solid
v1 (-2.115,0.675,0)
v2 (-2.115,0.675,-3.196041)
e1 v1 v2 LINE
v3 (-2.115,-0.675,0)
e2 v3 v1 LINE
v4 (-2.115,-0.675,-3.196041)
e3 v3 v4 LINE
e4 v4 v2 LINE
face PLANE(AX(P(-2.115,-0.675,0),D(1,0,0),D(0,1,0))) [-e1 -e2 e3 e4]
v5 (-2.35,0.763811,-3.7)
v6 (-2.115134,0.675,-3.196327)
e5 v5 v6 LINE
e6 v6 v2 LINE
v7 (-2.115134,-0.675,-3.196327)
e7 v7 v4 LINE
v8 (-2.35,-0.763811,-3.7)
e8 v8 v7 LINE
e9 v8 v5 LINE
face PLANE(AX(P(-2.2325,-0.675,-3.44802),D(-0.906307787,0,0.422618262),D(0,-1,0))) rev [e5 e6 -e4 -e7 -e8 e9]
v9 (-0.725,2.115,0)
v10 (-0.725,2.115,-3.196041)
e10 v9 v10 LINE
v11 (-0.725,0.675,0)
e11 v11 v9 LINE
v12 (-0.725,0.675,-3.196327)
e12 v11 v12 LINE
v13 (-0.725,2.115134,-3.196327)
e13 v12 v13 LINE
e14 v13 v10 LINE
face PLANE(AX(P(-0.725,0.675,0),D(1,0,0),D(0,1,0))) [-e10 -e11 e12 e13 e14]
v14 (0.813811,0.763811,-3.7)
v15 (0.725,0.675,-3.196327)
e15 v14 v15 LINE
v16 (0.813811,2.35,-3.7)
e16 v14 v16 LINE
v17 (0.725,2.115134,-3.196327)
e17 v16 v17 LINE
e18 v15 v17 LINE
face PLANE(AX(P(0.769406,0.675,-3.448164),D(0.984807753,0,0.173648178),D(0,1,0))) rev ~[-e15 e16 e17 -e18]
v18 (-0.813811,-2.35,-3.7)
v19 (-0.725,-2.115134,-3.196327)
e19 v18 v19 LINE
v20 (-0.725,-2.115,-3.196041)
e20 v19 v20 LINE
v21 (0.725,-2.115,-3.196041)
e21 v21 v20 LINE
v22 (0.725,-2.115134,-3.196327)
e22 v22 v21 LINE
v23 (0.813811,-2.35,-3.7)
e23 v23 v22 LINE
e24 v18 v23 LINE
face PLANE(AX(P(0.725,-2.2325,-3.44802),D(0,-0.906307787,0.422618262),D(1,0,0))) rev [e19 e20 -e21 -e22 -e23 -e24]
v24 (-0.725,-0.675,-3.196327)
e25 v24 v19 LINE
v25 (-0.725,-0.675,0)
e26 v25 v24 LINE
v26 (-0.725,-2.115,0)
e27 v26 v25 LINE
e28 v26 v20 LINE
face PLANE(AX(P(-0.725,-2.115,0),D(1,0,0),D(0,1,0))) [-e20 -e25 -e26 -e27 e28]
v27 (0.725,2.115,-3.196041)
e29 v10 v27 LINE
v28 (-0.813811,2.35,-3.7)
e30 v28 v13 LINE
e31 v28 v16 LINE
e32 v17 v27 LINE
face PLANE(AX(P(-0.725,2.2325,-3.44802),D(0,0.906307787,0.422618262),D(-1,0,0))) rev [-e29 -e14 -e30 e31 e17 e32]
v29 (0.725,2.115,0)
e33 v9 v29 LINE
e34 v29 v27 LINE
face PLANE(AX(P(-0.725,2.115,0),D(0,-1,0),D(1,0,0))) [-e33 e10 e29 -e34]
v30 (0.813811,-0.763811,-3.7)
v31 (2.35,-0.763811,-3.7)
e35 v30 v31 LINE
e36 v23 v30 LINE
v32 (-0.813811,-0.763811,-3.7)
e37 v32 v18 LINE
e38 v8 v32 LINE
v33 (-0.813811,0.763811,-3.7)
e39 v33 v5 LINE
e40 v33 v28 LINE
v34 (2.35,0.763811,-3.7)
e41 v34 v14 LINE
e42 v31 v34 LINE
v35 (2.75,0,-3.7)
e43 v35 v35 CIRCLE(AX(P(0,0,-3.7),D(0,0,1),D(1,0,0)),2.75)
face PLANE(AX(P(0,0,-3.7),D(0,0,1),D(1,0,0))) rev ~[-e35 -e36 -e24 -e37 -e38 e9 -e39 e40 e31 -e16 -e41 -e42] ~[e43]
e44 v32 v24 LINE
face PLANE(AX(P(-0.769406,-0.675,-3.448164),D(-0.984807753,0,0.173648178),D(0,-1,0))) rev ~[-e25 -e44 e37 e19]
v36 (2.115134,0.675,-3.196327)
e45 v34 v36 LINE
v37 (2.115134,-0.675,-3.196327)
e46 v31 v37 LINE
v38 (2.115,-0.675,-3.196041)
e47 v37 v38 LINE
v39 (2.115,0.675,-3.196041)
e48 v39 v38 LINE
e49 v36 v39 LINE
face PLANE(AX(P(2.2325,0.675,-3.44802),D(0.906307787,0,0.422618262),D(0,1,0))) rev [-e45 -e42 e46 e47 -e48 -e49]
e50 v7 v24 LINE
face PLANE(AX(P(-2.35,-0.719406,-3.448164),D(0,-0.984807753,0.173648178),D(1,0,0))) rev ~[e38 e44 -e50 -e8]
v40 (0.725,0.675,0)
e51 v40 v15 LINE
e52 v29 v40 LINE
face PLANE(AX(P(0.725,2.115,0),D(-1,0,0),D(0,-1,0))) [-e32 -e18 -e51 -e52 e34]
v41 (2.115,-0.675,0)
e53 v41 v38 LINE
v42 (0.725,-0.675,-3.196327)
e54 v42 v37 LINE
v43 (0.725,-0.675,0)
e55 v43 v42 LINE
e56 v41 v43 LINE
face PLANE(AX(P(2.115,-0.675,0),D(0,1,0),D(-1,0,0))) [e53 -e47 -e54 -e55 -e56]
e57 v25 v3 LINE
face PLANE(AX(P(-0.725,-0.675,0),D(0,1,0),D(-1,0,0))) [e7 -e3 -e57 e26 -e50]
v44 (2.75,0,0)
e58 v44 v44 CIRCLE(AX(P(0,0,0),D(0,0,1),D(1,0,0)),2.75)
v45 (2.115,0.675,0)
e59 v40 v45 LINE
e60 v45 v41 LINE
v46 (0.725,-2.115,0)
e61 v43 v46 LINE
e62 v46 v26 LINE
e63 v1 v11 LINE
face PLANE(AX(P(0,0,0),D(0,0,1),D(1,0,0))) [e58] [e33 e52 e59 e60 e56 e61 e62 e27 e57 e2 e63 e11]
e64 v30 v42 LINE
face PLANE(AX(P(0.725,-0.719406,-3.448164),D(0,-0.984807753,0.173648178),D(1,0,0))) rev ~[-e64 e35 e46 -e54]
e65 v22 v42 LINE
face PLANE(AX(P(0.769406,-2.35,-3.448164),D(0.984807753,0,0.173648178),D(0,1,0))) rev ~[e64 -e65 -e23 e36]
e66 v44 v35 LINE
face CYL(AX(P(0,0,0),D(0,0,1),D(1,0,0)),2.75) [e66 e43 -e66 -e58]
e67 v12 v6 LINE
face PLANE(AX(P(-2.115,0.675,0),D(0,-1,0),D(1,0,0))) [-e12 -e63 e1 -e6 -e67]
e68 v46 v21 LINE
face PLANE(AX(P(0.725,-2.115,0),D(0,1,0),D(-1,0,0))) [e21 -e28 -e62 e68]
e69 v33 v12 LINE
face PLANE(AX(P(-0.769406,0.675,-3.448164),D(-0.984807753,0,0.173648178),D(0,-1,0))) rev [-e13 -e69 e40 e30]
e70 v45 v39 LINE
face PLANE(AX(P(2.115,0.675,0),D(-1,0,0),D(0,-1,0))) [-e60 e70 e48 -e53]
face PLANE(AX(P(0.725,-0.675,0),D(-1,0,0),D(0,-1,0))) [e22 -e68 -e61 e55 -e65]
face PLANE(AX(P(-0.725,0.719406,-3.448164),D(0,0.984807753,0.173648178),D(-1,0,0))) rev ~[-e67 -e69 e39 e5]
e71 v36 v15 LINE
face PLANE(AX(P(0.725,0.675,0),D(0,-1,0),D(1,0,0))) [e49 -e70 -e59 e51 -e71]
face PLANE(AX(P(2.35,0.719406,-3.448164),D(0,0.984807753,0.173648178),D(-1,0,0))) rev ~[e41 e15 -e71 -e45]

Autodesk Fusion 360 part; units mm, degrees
sketch "Sketch1" plane through (0, 0, 0) normal (0, 0, 1) x (1, 0, 0)
  line L0 (-0.725, 2.115) -> (0.725, 2.115)
  line L1 (0.725, 2.115) -> (0.725, -2.115)
  line L2 (0.725, -2.115) -> (-0.725, -2.115)
  line L3 (-0.725, -2.115) -> (-0.725, 2.115)
  line L4 (-0.725, 2.115) -> (0.725, -2.115) construction
  line L5 (0.725, 2.115) -> (-0.725, -2.115) construction
  line L6 (-2.115, 0.675) -> (2.115, 0.675)
  line L7 (2.115, 0.675) -> (2.115, -0.675)
  line L8 (2.115, -0.675) -> (-2.115, -0.675)
  line L9 (-2.115, -0.675) -> (-2.115, 0.675)
  line L10 (-2.115, 0.675) -> (2.115, -0.675) construction
  line L11 (2.115, 0.675) -> (-2.115, -0.675) construction
  circle A0 centre (0, 0) radius 2.75
  dimension "d21" = 1.45
  dimension "d22" = 4.23
  dimension "d23" = 4.23
  dimension "d24" = 1.35
  dimension "d25" = 5.5
extrude "Extrude1" add sketch "Sketch1" against normal blind 3.7
chamfer "Chamfer1" distance 0.235 angle 65 4 edges at (-2.115, 0, -3.7) (2.115, 0, -3.7) (0, -2.115, -3.7) (0, 2.115, -3.7) measured on face at (-1.6186, -1.0735, -3.7) measured on face at (-1.6186, -1.0735, -3.7) measured on face at (-1.6186, -1.0735, -3.7) measured on face at (-1.6186, -1.0735, -3.7)
chamfer "Chamfer2" distance 0.0889 angle 80 8 edges at (0.725, 1.5125, -3.7) (1.5375, 0.675, -3.7) (1.5375, -0.675, -3.7) (0.725, -1.5125, -3.7) (-0.725, -1.5125, -3.7) (-1.5375, -0.675, -3.7) (-1.5375, 0.675, -3.7) (-0.725, 1.5125, -3.7) measured on face at (-1.0549, 1.725, -3.7) measured on face at (-1.0549, 1.725, -3.7) measured on face at (-1.0549, 1.725, -3.7) measured on face at (-1.0549, 1.725, -3.7) measured on face at (-1.0549, 1.725, -3.7) measured on face at (-1.0549, 1.725, -3.7) measured on face at (-1.0549, 1.725, -3.7) measured on face at (-1.0549, 1.725, -3.7)
equation "width = 5.5 mm"
equation "depth = 5.5 mm"
equation "cross_xy = 4.23 mm"
equation "gap_x = 1.35 mm"
equation "gap_y = 1.45 mm"
equation "height = 3.7 mm"
equation "d13 = -height"
equation "d15 = chamfer_cross"
equation "d16 = chamfer_cross_angle"
equation "d17 = chamfer_gap"
equation "d18 = chamfer_gap_angle"
equation "d21 = gap_y"
equation "d22 = cross_xy"
equation "d23 = cross_xy"
equation "d24 = gap_x"
equation "d25 = width"
equation "chamfer_cross_angle = 65 deg"
equation "chamfer_cross = 0.235 mm"
equation "chamfer_gap_angle = 80 deg"
equation "chamfer_gap = 0.088857 mm"
